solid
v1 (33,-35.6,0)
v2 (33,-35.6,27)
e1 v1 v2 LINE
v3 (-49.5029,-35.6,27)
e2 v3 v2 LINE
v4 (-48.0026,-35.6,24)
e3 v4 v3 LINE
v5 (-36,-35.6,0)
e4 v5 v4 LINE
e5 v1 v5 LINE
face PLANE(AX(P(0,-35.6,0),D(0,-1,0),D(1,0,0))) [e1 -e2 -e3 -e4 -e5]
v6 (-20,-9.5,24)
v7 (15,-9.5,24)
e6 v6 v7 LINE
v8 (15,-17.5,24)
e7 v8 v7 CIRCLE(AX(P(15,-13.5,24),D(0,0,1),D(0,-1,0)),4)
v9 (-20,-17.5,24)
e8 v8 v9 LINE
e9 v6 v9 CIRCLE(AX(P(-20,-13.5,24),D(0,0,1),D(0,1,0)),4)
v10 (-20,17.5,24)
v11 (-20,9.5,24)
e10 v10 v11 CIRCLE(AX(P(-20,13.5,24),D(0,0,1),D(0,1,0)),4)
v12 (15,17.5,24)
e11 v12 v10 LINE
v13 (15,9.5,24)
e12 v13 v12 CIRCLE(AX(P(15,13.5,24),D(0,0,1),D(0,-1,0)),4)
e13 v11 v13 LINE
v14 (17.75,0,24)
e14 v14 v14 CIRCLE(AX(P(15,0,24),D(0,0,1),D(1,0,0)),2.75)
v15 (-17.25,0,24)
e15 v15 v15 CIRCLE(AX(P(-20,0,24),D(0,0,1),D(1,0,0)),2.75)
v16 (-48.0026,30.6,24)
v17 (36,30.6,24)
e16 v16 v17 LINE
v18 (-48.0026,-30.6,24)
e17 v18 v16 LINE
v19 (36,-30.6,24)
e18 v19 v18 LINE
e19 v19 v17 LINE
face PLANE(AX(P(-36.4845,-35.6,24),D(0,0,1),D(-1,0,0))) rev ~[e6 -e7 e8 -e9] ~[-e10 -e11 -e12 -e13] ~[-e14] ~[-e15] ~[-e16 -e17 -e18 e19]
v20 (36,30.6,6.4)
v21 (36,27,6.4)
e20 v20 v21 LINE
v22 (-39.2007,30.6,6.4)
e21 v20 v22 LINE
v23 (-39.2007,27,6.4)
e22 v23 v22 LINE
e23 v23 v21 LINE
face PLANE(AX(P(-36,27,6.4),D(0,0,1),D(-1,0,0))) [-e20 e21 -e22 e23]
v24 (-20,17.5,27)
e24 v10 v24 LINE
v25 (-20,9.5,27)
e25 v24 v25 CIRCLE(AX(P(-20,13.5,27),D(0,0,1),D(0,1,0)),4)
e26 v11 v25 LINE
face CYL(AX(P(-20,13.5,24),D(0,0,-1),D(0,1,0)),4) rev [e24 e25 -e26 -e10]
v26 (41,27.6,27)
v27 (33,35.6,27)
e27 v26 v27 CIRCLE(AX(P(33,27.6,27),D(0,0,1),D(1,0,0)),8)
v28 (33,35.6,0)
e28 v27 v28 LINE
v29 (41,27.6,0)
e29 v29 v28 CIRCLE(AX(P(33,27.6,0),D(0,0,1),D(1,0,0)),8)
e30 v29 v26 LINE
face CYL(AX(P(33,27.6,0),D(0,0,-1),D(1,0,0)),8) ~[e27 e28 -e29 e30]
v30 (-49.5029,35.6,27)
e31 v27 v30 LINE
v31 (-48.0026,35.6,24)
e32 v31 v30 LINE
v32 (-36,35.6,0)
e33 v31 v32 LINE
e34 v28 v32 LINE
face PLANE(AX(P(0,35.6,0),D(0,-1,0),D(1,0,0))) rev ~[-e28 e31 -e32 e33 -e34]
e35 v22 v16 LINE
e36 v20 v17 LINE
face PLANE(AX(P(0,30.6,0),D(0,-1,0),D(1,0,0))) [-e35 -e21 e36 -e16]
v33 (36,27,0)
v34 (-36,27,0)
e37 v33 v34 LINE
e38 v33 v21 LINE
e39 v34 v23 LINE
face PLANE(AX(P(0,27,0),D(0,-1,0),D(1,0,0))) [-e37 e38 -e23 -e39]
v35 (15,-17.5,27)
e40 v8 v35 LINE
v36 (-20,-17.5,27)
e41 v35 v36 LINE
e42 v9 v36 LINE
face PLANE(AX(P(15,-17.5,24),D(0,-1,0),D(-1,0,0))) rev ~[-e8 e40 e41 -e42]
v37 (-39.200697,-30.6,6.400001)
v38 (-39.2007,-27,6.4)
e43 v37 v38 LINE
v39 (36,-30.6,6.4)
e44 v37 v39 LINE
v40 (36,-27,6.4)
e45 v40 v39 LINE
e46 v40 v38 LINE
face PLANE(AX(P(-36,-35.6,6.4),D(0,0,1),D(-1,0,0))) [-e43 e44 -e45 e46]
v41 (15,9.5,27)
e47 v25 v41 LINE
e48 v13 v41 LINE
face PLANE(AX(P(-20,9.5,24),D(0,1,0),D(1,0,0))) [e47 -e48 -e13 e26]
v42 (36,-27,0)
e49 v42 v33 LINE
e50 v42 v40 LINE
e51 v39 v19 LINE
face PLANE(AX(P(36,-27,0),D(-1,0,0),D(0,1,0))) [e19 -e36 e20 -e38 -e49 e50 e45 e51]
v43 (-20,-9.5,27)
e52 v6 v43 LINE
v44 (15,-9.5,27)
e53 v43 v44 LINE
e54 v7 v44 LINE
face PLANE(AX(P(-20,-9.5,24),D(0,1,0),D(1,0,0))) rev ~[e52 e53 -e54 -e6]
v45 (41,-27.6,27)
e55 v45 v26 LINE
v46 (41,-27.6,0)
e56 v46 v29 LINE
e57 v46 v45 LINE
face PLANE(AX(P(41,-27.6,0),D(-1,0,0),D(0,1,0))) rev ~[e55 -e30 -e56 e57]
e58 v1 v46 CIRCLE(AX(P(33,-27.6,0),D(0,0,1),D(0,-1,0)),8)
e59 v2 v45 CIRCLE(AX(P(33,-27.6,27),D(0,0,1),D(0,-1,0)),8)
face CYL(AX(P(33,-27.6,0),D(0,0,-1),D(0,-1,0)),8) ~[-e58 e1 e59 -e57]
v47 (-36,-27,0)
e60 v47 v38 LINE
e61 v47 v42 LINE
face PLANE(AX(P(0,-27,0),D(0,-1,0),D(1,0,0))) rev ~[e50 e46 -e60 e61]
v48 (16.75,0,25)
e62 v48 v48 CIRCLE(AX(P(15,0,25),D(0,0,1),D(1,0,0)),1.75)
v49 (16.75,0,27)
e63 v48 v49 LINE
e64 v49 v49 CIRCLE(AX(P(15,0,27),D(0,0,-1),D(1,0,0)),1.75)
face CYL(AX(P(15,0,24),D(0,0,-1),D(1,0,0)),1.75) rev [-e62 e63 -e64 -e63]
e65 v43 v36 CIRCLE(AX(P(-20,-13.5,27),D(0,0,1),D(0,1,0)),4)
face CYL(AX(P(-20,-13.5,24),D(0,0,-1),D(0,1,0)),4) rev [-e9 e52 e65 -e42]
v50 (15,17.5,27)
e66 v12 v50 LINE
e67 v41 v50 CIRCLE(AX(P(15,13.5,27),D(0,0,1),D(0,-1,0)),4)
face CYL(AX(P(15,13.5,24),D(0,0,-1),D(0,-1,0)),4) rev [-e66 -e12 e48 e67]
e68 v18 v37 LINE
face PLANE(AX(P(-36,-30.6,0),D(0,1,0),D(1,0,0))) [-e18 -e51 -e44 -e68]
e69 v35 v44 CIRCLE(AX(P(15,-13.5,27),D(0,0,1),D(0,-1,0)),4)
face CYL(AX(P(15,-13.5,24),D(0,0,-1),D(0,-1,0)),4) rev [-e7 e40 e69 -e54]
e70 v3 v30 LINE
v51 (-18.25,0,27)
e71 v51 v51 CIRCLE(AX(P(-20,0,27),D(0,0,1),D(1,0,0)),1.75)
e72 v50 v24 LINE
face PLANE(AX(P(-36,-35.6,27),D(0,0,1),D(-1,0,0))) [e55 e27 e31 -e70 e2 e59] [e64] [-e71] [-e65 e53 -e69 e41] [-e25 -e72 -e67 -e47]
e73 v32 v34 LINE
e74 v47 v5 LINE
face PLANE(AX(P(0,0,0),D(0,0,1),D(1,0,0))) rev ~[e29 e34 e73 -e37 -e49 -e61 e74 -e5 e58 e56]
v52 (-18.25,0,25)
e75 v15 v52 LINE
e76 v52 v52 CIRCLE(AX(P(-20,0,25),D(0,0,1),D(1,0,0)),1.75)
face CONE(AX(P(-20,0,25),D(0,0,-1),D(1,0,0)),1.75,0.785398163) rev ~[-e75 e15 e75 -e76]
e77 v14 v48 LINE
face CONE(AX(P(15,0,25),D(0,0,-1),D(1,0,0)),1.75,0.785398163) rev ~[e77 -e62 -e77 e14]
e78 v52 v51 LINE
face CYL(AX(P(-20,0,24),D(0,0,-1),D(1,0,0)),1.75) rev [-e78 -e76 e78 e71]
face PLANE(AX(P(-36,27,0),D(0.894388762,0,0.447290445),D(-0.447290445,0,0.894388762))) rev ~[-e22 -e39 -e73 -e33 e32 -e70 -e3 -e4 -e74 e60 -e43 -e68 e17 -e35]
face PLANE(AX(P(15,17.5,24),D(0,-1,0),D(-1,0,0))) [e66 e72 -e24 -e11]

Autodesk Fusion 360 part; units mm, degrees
sketch "Sketch1" plane through (0, 0, 0) normal (0, 0, 1) x (1, 0, 0)
  line L0 (36, 27) -> (-36, 27)
  line L1 (-36, 27) -> (-36, -27)
  line L2 (-36, -27) -> (36, -27)
  line L3 (36, -27) -> (36, 27)
  line L4 (36, 30.6) -> (-36, 30.6)
  line L5 (-36, 35.6) -> (-36, -30.6)
  line L6 (-36, -30.6) -> (36, -30.6)
  line L7 (36, -30.6) -> (36, 30.6)
  line L8 (33, 35.6) -> (-36, 35.6)
  line L9 (41, -27.6) -> (41, 27.6)
  line L10 (33, -35.6) -> (-36, -35.6)
  line L11 (-36, -35.6) -> (-36, 30.6)
  arc A0 (41, 27.6) -> (33, 35.6) centre (33, 27.6) ccw
  arc A1 (33, -35.6) -> (41, -27.6) centre (33, -27.6) ccw
  circle A2 centre (-20, 0) radius 1.75
  circle A3 centre (15, 0) radius 1.75
  line L12 (-20, 9.5) -> (15, 9.5)
  arc A4 (15, 9.5) -> (15, 17.5) centre (15, 13.5) ccw
  line L13 (15, 17.5) -> (-20, 17.5)
  arc A5 (-20, 17.5) -> (-20, 9.5) centre (-20, 13.5) ccw
  line L14 (-20, 13.5) -> (15, 13.5) construction
  line L15 (1.75, 0) -> (22.5, 0)
  line L16 (-20, -9.5) -> (15, -9.5)
  line L17 (15, -17.5) -> (-20, -17.5)
  arc A6 (15, -17.5) -> (15, -9.5) centre (15, -13.5) ccw
  arc A7 (-20, -9.5) -> (-20, -17.5) centre (-20, -13.5) ccw
  dimension "d1" = 72
  dimension "d2" = 54
  dimension "d3" = 61.2
  dimension "d6" = 8
  dimension "d32" = 3.5
  dimension "d33" = 3.5
  dimension "d34" = 8
extrude "Extrude1" add sketch "Sketch1" along normal blind 6.4 contours L3 L4 L5 L6 L7 L8 L9 L10 L11 A0 A1 | L0 L4 L5 L7 L11 | L2 L5 L6 L7 L11
extrude "Extrude2" add sketch "Sketch1" along normal blind 24 contours L3 L4 L5 L6 L7 L8 L9 L10 L11 A0 A1
extrude "Extrude3" add sketch "Sketch1" along normal blind 27 and the other way blind -24
sketch "Sketch2" plane through (0, -35.6, 0) normal (0, -1, 0) x (1, 0, 0)
  line L0 (-36, 0) -> (33, 0)
  line L1 (33, 0) -> (33, 27)
  line L2 (-36, 27) -> (-36, 0)
  line L3 (-36, 0) -> (-49.5029, 27)
  line L4 (-36, 0) -> (-6, 0) construction
  line L5 (-36, 27) -> (-49.5029, 27)
  line L6 (33, 27) -> (-36, 27)
  line L7 (-36, 27) -> (-36, 24)
  line L8 (-36, 24) -> (-36.4845, 24)
  line L9 (-36.4845, 24) -> (-48.0026, 24)
  line L10 (-36, 0) -> (-36, 6.4)
  line L11 (-36, 6.4) -> (-36, 6)
  line L12 (-36, 6.4) -> (-39.2007, 6.4)
  dimension "d11" = 116.57
  dimension "d25" = 6.4
extrude "Extrude4" add sketch "Sketch2" against normal blind 5 contours L2 L3 L10 L11 L12 | L2 L3 L8 L9 L12
extrude "Extrude5" add sketch "Sketch2" along normal blind -71.2 and the other way blind 66.2 contours L2 L3 L10 L11 L12 | L2 L3 L8 L9 L12
extrude "Extrude6" add sketch "Sketch2" against normal blind 71.2 contours L2 L3 L5 L7 L8 L9
extrude "Extrude7" add sketch "Sketch2" against normal blind 8.6 contours L2 L3 L10 L11 L12
extrude "Extrude8" add sketch "Sketch2" along normal blind -66.2 and the other way blind 62.6 contours L2 L3 L10 L11 L12
chamfer "Chamfer1" distance 1 angle 45 2 edges at (-21.6316, 0.6328, 24) (13.3684, 0.6328, 24)
